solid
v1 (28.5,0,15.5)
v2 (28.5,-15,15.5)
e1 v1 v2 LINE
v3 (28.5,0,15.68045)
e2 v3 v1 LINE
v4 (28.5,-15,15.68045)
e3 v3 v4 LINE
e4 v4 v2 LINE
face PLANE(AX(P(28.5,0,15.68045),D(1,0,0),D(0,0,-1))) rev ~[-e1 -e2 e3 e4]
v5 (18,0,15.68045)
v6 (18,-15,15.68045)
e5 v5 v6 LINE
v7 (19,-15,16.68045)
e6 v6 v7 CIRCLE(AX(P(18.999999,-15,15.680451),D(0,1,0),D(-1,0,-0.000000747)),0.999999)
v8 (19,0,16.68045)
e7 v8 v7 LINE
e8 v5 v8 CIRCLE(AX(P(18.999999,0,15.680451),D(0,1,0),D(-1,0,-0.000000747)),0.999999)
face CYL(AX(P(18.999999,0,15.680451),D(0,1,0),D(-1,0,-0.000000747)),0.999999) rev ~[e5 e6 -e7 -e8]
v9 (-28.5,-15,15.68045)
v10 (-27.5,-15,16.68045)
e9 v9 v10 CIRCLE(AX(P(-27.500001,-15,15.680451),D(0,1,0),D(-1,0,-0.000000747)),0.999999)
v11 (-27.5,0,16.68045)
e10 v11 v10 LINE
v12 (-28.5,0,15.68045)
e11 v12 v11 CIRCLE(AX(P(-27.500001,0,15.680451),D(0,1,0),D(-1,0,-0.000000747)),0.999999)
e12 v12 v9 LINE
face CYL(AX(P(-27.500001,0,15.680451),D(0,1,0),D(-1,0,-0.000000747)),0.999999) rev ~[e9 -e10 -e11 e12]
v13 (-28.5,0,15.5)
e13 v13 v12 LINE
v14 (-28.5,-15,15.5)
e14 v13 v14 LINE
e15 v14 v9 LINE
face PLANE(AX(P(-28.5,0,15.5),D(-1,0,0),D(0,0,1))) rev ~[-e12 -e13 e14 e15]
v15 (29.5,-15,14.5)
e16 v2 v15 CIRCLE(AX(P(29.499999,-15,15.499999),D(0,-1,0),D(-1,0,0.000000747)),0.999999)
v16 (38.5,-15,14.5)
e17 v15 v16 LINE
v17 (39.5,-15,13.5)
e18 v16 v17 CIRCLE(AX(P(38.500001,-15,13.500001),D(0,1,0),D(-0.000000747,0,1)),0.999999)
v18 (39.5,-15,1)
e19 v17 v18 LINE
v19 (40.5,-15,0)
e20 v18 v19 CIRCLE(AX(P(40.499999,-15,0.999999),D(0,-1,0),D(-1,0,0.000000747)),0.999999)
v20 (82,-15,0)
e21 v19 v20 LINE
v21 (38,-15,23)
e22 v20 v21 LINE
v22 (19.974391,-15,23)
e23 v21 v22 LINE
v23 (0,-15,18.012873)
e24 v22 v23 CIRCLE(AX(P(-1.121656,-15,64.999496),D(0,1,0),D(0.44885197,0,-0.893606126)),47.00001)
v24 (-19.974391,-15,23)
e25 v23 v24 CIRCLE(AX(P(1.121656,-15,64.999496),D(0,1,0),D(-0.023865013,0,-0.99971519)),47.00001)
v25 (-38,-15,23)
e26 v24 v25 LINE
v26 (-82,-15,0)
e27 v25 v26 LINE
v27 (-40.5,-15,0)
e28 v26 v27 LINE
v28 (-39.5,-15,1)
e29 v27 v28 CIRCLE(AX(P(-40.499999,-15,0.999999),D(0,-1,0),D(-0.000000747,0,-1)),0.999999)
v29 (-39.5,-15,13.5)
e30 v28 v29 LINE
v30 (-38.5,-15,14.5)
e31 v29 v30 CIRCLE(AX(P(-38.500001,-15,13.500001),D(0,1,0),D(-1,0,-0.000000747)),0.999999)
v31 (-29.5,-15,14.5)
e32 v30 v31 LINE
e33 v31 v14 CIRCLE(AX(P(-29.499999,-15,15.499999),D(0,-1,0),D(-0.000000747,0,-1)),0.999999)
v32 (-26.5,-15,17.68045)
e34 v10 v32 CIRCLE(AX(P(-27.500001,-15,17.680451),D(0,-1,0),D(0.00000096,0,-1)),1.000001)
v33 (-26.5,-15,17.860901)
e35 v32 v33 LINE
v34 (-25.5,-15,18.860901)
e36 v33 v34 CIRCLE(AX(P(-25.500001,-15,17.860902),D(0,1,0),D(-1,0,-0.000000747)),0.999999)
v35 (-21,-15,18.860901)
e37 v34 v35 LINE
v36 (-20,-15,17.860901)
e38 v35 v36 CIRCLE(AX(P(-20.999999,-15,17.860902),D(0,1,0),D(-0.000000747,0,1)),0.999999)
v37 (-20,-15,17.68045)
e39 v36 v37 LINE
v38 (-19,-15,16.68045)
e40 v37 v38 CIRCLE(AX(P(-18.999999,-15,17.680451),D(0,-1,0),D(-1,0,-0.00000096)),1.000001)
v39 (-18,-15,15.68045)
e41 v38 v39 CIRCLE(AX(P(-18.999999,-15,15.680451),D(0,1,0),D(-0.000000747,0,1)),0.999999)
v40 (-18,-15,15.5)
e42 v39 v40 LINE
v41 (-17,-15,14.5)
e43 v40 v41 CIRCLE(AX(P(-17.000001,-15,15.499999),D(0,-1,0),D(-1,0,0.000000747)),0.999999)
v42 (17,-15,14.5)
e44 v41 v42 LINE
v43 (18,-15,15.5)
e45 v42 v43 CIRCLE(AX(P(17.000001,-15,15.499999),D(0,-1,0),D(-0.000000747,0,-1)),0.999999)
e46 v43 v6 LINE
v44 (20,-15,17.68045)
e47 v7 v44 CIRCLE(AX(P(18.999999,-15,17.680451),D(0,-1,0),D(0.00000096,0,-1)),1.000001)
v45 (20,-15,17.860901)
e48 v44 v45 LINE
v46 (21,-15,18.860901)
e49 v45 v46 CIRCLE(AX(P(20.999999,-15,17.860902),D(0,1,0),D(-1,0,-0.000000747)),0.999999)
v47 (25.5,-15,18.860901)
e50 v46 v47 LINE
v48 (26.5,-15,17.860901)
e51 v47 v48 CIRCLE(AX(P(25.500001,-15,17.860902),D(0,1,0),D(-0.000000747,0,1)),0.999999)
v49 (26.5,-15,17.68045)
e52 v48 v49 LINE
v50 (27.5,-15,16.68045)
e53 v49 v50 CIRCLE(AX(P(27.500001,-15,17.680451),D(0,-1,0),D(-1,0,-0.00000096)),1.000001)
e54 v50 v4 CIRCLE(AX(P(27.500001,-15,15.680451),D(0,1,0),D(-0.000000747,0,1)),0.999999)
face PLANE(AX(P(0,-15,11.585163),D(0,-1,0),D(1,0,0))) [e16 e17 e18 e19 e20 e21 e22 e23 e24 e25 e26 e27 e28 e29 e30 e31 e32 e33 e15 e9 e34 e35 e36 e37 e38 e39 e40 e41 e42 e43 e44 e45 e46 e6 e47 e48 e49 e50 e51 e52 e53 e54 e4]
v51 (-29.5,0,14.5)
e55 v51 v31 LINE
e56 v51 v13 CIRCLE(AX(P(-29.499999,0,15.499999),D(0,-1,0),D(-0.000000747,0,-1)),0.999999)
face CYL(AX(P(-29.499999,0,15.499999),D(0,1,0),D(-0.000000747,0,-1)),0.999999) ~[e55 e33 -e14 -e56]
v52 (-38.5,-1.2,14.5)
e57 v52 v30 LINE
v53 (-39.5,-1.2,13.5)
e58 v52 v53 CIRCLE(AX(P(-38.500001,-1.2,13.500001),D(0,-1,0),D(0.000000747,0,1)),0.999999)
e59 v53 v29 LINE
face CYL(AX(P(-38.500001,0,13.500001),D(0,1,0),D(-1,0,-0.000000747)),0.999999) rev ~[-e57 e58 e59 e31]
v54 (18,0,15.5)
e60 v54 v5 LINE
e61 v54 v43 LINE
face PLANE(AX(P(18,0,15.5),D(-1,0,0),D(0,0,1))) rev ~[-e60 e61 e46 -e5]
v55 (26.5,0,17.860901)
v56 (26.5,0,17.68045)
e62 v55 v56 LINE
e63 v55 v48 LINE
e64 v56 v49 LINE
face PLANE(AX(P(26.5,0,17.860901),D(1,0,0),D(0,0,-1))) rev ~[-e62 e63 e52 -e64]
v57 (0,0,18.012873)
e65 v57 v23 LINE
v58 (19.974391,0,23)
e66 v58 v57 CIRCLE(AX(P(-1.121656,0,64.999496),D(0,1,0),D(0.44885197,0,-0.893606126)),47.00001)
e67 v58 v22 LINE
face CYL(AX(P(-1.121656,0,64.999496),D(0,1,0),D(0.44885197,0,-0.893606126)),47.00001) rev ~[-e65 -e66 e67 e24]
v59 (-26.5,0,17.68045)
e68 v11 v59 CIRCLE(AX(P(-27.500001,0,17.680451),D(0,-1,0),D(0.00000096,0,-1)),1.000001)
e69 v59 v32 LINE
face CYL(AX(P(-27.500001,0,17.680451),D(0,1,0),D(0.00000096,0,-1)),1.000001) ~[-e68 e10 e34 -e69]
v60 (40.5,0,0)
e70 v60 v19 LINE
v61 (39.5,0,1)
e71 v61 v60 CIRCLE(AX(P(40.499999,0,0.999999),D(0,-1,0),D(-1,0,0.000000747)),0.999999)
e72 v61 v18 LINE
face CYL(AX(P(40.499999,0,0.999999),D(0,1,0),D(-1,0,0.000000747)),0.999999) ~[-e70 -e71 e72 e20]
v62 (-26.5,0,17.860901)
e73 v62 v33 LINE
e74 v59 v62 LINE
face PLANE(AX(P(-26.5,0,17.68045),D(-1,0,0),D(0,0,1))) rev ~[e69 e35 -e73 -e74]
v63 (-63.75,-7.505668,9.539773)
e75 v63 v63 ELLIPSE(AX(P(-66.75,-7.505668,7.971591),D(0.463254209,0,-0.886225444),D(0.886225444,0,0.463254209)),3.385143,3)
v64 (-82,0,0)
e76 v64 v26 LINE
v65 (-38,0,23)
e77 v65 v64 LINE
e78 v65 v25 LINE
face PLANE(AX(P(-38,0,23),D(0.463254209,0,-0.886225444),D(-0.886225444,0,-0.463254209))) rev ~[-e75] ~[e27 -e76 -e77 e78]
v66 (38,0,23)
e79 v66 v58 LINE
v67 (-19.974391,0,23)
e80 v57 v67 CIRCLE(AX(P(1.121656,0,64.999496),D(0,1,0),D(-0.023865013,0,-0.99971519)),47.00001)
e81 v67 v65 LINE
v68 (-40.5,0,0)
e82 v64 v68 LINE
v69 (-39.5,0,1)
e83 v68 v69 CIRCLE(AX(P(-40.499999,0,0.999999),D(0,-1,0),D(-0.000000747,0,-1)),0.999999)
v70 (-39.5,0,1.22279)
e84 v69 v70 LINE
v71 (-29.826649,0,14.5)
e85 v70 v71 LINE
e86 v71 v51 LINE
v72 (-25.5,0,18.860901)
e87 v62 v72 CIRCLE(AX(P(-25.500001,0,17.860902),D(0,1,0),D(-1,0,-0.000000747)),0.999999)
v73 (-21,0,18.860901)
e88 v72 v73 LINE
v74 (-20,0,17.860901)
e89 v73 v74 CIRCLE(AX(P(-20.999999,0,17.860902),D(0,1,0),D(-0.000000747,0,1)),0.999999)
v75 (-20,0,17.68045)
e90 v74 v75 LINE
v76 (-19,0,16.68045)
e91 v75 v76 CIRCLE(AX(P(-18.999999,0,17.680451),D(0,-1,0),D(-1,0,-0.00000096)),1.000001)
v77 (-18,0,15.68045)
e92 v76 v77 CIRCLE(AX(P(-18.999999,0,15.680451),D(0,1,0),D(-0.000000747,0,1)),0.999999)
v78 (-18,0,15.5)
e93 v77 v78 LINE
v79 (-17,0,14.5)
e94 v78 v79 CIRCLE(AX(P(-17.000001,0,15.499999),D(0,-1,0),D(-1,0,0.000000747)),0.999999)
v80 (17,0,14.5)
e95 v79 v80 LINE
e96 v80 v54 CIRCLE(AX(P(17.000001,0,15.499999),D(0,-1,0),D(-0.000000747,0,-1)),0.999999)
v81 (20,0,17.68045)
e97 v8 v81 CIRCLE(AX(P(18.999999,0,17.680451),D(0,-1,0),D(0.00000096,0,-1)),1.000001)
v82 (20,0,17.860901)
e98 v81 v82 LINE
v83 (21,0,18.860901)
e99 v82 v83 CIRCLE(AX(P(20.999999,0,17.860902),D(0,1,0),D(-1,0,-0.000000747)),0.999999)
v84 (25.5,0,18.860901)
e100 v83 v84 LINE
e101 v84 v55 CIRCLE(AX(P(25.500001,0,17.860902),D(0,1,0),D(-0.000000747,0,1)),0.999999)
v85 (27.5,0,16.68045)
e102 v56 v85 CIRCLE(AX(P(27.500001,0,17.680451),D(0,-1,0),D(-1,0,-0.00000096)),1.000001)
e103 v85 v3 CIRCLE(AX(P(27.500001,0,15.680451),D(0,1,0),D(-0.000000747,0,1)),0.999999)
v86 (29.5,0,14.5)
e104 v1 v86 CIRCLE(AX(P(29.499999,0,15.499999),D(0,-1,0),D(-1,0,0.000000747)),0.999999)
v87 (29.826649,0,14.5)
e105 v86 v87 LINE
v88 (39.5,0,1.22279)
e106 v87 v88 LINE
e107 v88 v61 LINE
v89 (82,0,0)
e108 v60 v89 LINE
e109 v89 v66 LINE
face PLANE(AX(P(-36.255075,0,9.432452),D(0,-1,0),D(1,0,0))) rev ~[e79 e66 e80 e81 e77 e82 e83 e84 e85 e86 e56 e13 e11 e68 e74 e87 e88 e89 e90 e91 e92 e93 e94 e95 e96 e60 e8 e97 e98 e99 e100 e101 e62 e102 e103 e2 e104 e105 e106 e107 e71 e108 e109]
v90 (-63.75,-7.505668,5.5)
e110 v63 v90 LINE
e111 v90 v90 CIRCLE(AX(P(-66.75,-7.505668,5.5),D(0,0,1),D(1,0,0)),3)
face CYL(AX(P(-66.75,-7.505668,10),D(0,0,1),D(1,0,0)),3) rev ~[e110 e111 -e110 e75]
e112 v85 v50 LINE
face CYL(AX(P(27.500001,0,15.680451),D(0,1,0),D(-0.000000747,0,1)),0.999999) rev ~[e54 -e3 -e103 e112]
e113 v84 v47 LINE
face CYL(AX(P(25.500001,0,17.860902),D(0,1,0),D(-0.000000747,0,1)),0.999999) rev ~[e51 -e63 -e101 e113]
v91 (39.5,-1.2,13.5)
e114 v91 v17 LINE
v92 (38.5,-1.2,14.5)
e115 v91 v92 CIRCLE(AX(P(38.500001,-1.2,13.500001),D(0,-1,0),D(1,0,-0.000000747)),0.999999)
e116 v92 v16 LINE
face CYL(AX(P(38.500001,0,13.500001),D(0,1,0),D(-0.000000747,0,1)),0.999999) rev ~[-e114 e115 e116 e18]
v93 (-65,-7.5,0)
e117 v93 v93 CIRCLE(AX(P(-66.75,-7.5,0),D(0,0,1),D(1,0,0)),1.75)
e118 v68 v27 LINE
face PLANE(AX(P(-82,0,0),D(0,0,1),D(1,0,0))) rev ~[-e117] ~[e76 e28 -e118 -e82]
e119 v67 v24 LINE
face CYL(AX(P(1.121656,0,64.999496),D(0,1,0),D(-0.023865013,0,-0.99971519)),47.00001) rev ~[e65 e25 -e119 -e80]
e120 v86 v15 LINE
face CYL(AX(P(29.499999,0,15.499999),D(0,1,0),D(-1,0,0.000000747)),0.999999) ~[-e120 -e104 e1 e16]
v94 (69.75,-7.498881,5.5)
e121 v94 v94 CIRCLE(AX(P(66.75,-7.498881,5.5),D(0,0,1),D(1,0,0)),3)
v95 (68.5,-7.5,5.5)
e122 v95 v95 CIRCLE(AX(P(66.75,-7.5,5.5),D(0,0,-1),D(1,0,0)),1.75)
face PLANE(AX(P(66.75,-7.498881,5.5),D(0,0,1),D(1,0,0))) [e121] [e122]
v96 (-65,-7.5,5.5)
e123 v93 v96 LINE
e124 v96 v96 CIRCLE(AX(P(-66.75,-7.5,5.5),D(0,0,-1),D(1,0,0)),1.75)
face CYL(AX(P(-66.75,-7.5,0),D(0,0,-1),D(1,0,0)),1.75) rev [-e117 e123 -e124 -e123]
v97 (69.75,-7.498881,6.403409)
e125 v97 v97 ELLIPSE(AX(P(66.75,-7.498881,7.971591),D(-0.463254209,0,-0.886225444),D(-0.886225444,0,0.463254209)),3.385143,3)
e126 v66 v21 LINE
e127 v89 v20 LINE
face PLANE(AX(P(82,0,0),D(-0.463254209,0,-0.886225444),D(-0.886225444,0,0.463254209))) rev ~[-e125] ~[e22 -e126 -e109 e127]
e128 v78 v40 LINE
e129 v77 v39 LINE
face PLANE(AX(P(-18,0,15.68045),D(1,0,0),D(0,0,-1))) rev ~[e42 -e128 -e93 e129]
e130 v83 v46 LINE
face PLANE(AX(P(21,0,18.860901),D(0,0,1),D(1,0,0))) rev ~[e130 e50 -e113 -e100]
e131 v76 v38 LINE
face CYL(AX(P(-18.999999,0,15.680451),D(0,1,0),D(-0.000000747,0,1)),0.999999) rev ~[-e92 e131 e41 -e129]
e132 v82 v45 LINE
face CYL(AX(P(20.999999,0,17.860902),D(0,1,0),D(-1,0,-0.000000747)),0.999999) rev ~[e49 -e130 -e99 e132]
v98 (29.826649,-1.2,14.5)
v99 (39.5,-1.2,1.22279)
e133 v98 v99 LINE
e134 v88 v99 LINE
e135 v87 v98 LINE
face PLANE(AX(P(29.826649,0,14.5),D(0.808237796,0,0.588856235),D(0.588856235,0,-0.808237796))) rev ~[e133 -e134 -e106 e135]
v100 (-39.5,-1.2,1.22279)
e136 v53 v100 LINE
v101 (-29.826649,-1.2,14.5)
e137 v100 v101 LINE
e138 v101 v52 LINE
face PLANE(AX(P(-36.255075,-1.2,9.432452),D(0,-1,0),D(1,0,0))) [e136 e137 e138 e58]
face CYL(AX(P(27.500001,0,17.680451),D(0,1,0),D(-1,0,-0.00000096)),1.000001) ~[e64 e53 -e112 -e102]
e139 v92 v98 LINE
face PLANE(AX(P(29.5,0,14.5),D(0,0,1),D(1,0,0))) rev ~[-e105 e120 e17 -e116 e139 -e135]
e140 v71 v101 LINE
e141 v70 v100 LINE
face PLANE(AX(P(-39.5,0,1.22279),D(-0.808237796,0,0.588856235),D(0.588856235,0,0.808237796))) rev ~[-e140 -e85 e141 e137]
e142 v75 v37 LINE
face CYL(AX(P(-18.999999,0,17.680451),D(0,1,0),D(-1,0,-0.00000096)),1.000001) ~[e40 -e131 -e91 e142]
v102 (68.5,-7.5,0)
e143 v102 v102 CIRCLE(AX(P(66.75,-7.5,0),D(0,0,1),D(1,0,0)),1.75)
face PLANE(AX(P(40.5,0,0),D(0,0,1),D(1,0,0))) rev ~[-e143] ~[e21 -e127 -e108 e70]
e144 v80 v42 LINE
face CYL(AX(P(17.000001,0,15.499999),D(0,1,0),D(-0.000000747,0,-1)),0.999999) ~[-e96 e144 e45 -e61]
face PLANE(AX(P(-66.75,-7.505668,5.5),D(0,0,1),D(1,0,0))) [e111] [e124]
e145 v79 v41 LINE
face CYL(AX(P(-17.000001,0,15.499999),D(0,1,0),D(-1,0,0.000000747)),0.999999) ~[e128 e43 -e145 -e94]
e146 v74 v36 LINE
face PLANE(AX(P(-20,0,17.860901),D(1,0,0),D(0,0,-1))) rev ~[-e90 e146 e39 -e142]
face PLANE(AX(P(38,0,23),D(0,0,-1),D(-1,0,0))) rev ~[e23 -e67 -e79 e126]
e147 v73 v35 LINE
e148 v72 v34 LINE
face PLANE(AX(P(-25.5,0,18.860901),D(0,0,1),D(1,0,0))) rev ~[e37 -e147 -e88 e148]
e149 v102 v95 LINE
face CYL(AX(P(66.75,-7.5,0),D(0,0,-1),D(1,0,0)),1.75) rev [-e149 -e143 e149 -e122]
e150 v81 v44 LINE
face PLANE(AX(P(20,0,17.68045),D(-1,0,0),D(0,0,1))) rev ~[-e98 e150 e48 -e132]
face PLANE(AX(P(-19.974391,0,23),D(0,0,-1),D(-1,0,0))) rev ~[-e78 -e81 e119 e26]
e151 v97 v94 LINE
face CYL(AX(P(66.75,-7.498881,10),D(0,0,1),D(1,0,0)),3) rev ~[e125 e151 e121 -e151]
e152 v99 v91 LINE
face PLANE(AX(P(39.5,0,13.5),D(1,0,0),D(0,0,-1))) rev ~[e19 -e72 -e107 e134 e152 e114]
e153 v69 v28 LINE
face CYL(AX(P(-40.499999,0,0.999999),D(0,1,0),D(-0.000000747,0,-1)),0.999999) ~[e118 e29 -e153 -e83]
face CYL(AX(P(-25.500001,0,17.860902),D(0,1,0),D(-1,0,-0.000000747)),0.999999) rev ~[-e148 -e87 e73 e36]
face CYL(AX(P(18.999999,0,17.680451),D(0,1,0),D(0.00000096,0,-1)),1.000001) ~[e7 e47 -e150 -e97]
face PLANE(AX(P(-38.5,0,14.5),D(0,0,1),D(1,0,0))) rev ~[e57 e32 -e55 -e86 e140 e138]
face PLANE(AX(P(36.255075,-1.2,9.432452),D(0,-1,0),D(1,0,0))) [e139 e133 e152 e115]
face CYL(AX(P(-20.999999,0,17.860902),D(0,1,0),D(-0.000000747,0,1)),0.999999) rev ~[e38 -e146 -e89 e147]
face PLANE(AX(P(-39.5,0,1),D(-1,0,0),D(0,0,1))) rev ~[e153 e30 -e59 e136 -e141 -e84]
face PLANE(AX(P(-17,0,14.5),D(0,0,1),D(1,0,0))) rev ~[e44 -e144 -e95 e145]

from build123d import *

# Parameters (mm, degrees)
F2_DEPTH = 15
F3_R     = 1.75
F4_DEPTH = 23.001
F5_R     = 3
F6_DEPTH = 4.5
F8_DEPTH = 1.2


with BuildPart() as f2:
    # F1 (on Front) → F2 (new body)
    with BuildSketch(Plane.XZ):
        with BuildLine():
            Line((-82, 0), (-40.5, 0))
            ThreePointArc((-40.5, 0), (-39.792893, 0.292893), (-39.5, 1))
            Line((-39.5, 1), (-39.5, 13.5))
            ThreePointArc((-39.5, 13.5), (-39.207107, 14.207107), (-38.5, 14.5))
            Line((-38.5, 14.5), (-29.5, 14.5))
            ThreePointArc((-29.5, 14.5), (-28.792893, 14.792893), (-28.5, 15.5))
            Line((-28.5, 15.5), (-28.5, 15.68045))
            ThreePointArc((-28.5, 15.68045), (-28.207107, 16.387557), (-27.5, 16.68045))
            ThreePointArc((-27.5, 16.68045), (-26.792893, 16.973344), (-26.5, 17.68045))
            Line((-26.5, 17.68045), (-26.5, 17.860901))
            ThreePointArc((-26.5, 17.860901), (-26.207107, 18.568008), (-25.5, 18.860901))
            Line((-25.5, 18.860901), (-21, 18.860901))
            ThreePointArc((-21, 18.860901), (-20.292893, 18.568008), (-20, 17.860901))
            Line((-20, 17.860901), (-20, 17.68045))
            ThreePointArc((-20, 17.68045), (-19.707107, 16.973344), (-19, 16.68045))
            ThreePointArc((-19, 16.68045), (-18.292893, 16.387557), (-18, 15.68045))
            Line((-18, 15.68045), (-18, 15.5))
            ThreePointArc((-18, 15.5), (-17.707107, 14.792893), (-17, 14.5))
            Line((-17, 14.5), (0, 14.5))
            Line((0, 14.5), (17, 14.5))
            ThreePointArc((17, 14.5), (17.707107, 14.792893), (18, 15.5))
            Line((18, 15.5), (18, 15.68045))
            ThreePointArc((18, 15.68045), (18.292893, 16.387557), (19, 16.68045))
            ThreePointArc((19, 16.68045), (19.707107, 16.973344), (20, 17.68045))
            Line((20, 17.68045), (20, 17.860901))
            ThreePointArc((20, 17.860901), (20.292893, 18.568008), (21, 18.860901))
            Line((21, 18.860901), (25.5, 18.860901))
            ThreePointArc((25.5, 18.860901), (26.207107, 18.568008), (26.5, 17.860901))
            Line((26.5, 17.860901), (26.5, 17.68045))
            ThreePointArc((26.5, 17.68045), (26.792893, 16.973344), (27.5, 16.68045))
            ThreePointArc((27.5, 16.68045), (28.207107, 16.387557), (28.5, 15.68045))
            Line((28.5, 15.68045), (28.5, 15.5))
            ThreePointArc((28.5, 15.5), (28.792893, 14.792893), (29.5, 14.5))
            Line((29.5, 14.5), (38.5, 14.5))
            ThreePointArc((38.5, 14.5), (39.207107, 14.207107), (39.5, 13.5))
            Line((39.5, 13.5), (39.5, 1))
            ThreePointArc((39.5, 1), (39.792893, 0.292893), (40.5, 0))
            Line((40.5, 0), (82, 0))
            Line((82, 0), (38, 23))
            Line((38, 23), (19.974391, 23))
            ThreePointArc((19.974391, 23), (10.263617, 19.399316), (0, 18.012873))
            ThreePointArc((0, 18.012873), (-10.263617, 19.399316), (-19.974391, 23))
            Line((-19.974391, 23), (-38, 23))
            Line((-38, 23), (-82, 0))
        make_face()
    extrude(amount=F2_DEPTH)

    # F3 (on Top) → F4 (cut, through all)
    with BuildSketch(Plane.XY):
        with Locations((66.75, -7.5)):
            Circle(F3_R)
        with Locations((-66.75, -7.5)):
            Circle(F3_R)
    extrude(amount=F4_DEPTH, mode=Mode.SUBTRACT)

    # F5 (on offset) → F6 (cut)
    with BuildSketch(Plane.XY.offset(10)):
        with Locations((-66.75, -7.505668)):
            Circle(F5_R)
        with Locations((66.75, -7.498881)):
            Circle(F5_R)
    extrude(amount=-F6_DEPTH, mode=Mode.SUBTRACT)

    # F7 (on Front) → F8 (join)
    with BuildSketch(Plane.XZ):
        with BuildLine():
            Line((-39.5, 13.5), (-39.5, 1.22279))
            Line((-39.5, 1.22279), (-29.826649, 14.5))
            Line((-29.826649, 14.5), (-38.5, 14.5))
            ThreePointArc((-38.5, 14.5), (-39.207107, 14.207107), (-39.5, 13.5))
        make_face()
        with BuildLine():
            Line((29.826649, 14.5), (39.5, 1.22279))
            Line((39.5, 1.22279), (39.5, 13.5))
            ThreePointArc((39.5, 13.5), (39.207107, 14.207107), (38.5, 14.5))
            Line((38.5, 14.5), (29.826649, 14.5))
        make_face()
    extrude(amount=F8_DEPTH)


solid = f2.part
